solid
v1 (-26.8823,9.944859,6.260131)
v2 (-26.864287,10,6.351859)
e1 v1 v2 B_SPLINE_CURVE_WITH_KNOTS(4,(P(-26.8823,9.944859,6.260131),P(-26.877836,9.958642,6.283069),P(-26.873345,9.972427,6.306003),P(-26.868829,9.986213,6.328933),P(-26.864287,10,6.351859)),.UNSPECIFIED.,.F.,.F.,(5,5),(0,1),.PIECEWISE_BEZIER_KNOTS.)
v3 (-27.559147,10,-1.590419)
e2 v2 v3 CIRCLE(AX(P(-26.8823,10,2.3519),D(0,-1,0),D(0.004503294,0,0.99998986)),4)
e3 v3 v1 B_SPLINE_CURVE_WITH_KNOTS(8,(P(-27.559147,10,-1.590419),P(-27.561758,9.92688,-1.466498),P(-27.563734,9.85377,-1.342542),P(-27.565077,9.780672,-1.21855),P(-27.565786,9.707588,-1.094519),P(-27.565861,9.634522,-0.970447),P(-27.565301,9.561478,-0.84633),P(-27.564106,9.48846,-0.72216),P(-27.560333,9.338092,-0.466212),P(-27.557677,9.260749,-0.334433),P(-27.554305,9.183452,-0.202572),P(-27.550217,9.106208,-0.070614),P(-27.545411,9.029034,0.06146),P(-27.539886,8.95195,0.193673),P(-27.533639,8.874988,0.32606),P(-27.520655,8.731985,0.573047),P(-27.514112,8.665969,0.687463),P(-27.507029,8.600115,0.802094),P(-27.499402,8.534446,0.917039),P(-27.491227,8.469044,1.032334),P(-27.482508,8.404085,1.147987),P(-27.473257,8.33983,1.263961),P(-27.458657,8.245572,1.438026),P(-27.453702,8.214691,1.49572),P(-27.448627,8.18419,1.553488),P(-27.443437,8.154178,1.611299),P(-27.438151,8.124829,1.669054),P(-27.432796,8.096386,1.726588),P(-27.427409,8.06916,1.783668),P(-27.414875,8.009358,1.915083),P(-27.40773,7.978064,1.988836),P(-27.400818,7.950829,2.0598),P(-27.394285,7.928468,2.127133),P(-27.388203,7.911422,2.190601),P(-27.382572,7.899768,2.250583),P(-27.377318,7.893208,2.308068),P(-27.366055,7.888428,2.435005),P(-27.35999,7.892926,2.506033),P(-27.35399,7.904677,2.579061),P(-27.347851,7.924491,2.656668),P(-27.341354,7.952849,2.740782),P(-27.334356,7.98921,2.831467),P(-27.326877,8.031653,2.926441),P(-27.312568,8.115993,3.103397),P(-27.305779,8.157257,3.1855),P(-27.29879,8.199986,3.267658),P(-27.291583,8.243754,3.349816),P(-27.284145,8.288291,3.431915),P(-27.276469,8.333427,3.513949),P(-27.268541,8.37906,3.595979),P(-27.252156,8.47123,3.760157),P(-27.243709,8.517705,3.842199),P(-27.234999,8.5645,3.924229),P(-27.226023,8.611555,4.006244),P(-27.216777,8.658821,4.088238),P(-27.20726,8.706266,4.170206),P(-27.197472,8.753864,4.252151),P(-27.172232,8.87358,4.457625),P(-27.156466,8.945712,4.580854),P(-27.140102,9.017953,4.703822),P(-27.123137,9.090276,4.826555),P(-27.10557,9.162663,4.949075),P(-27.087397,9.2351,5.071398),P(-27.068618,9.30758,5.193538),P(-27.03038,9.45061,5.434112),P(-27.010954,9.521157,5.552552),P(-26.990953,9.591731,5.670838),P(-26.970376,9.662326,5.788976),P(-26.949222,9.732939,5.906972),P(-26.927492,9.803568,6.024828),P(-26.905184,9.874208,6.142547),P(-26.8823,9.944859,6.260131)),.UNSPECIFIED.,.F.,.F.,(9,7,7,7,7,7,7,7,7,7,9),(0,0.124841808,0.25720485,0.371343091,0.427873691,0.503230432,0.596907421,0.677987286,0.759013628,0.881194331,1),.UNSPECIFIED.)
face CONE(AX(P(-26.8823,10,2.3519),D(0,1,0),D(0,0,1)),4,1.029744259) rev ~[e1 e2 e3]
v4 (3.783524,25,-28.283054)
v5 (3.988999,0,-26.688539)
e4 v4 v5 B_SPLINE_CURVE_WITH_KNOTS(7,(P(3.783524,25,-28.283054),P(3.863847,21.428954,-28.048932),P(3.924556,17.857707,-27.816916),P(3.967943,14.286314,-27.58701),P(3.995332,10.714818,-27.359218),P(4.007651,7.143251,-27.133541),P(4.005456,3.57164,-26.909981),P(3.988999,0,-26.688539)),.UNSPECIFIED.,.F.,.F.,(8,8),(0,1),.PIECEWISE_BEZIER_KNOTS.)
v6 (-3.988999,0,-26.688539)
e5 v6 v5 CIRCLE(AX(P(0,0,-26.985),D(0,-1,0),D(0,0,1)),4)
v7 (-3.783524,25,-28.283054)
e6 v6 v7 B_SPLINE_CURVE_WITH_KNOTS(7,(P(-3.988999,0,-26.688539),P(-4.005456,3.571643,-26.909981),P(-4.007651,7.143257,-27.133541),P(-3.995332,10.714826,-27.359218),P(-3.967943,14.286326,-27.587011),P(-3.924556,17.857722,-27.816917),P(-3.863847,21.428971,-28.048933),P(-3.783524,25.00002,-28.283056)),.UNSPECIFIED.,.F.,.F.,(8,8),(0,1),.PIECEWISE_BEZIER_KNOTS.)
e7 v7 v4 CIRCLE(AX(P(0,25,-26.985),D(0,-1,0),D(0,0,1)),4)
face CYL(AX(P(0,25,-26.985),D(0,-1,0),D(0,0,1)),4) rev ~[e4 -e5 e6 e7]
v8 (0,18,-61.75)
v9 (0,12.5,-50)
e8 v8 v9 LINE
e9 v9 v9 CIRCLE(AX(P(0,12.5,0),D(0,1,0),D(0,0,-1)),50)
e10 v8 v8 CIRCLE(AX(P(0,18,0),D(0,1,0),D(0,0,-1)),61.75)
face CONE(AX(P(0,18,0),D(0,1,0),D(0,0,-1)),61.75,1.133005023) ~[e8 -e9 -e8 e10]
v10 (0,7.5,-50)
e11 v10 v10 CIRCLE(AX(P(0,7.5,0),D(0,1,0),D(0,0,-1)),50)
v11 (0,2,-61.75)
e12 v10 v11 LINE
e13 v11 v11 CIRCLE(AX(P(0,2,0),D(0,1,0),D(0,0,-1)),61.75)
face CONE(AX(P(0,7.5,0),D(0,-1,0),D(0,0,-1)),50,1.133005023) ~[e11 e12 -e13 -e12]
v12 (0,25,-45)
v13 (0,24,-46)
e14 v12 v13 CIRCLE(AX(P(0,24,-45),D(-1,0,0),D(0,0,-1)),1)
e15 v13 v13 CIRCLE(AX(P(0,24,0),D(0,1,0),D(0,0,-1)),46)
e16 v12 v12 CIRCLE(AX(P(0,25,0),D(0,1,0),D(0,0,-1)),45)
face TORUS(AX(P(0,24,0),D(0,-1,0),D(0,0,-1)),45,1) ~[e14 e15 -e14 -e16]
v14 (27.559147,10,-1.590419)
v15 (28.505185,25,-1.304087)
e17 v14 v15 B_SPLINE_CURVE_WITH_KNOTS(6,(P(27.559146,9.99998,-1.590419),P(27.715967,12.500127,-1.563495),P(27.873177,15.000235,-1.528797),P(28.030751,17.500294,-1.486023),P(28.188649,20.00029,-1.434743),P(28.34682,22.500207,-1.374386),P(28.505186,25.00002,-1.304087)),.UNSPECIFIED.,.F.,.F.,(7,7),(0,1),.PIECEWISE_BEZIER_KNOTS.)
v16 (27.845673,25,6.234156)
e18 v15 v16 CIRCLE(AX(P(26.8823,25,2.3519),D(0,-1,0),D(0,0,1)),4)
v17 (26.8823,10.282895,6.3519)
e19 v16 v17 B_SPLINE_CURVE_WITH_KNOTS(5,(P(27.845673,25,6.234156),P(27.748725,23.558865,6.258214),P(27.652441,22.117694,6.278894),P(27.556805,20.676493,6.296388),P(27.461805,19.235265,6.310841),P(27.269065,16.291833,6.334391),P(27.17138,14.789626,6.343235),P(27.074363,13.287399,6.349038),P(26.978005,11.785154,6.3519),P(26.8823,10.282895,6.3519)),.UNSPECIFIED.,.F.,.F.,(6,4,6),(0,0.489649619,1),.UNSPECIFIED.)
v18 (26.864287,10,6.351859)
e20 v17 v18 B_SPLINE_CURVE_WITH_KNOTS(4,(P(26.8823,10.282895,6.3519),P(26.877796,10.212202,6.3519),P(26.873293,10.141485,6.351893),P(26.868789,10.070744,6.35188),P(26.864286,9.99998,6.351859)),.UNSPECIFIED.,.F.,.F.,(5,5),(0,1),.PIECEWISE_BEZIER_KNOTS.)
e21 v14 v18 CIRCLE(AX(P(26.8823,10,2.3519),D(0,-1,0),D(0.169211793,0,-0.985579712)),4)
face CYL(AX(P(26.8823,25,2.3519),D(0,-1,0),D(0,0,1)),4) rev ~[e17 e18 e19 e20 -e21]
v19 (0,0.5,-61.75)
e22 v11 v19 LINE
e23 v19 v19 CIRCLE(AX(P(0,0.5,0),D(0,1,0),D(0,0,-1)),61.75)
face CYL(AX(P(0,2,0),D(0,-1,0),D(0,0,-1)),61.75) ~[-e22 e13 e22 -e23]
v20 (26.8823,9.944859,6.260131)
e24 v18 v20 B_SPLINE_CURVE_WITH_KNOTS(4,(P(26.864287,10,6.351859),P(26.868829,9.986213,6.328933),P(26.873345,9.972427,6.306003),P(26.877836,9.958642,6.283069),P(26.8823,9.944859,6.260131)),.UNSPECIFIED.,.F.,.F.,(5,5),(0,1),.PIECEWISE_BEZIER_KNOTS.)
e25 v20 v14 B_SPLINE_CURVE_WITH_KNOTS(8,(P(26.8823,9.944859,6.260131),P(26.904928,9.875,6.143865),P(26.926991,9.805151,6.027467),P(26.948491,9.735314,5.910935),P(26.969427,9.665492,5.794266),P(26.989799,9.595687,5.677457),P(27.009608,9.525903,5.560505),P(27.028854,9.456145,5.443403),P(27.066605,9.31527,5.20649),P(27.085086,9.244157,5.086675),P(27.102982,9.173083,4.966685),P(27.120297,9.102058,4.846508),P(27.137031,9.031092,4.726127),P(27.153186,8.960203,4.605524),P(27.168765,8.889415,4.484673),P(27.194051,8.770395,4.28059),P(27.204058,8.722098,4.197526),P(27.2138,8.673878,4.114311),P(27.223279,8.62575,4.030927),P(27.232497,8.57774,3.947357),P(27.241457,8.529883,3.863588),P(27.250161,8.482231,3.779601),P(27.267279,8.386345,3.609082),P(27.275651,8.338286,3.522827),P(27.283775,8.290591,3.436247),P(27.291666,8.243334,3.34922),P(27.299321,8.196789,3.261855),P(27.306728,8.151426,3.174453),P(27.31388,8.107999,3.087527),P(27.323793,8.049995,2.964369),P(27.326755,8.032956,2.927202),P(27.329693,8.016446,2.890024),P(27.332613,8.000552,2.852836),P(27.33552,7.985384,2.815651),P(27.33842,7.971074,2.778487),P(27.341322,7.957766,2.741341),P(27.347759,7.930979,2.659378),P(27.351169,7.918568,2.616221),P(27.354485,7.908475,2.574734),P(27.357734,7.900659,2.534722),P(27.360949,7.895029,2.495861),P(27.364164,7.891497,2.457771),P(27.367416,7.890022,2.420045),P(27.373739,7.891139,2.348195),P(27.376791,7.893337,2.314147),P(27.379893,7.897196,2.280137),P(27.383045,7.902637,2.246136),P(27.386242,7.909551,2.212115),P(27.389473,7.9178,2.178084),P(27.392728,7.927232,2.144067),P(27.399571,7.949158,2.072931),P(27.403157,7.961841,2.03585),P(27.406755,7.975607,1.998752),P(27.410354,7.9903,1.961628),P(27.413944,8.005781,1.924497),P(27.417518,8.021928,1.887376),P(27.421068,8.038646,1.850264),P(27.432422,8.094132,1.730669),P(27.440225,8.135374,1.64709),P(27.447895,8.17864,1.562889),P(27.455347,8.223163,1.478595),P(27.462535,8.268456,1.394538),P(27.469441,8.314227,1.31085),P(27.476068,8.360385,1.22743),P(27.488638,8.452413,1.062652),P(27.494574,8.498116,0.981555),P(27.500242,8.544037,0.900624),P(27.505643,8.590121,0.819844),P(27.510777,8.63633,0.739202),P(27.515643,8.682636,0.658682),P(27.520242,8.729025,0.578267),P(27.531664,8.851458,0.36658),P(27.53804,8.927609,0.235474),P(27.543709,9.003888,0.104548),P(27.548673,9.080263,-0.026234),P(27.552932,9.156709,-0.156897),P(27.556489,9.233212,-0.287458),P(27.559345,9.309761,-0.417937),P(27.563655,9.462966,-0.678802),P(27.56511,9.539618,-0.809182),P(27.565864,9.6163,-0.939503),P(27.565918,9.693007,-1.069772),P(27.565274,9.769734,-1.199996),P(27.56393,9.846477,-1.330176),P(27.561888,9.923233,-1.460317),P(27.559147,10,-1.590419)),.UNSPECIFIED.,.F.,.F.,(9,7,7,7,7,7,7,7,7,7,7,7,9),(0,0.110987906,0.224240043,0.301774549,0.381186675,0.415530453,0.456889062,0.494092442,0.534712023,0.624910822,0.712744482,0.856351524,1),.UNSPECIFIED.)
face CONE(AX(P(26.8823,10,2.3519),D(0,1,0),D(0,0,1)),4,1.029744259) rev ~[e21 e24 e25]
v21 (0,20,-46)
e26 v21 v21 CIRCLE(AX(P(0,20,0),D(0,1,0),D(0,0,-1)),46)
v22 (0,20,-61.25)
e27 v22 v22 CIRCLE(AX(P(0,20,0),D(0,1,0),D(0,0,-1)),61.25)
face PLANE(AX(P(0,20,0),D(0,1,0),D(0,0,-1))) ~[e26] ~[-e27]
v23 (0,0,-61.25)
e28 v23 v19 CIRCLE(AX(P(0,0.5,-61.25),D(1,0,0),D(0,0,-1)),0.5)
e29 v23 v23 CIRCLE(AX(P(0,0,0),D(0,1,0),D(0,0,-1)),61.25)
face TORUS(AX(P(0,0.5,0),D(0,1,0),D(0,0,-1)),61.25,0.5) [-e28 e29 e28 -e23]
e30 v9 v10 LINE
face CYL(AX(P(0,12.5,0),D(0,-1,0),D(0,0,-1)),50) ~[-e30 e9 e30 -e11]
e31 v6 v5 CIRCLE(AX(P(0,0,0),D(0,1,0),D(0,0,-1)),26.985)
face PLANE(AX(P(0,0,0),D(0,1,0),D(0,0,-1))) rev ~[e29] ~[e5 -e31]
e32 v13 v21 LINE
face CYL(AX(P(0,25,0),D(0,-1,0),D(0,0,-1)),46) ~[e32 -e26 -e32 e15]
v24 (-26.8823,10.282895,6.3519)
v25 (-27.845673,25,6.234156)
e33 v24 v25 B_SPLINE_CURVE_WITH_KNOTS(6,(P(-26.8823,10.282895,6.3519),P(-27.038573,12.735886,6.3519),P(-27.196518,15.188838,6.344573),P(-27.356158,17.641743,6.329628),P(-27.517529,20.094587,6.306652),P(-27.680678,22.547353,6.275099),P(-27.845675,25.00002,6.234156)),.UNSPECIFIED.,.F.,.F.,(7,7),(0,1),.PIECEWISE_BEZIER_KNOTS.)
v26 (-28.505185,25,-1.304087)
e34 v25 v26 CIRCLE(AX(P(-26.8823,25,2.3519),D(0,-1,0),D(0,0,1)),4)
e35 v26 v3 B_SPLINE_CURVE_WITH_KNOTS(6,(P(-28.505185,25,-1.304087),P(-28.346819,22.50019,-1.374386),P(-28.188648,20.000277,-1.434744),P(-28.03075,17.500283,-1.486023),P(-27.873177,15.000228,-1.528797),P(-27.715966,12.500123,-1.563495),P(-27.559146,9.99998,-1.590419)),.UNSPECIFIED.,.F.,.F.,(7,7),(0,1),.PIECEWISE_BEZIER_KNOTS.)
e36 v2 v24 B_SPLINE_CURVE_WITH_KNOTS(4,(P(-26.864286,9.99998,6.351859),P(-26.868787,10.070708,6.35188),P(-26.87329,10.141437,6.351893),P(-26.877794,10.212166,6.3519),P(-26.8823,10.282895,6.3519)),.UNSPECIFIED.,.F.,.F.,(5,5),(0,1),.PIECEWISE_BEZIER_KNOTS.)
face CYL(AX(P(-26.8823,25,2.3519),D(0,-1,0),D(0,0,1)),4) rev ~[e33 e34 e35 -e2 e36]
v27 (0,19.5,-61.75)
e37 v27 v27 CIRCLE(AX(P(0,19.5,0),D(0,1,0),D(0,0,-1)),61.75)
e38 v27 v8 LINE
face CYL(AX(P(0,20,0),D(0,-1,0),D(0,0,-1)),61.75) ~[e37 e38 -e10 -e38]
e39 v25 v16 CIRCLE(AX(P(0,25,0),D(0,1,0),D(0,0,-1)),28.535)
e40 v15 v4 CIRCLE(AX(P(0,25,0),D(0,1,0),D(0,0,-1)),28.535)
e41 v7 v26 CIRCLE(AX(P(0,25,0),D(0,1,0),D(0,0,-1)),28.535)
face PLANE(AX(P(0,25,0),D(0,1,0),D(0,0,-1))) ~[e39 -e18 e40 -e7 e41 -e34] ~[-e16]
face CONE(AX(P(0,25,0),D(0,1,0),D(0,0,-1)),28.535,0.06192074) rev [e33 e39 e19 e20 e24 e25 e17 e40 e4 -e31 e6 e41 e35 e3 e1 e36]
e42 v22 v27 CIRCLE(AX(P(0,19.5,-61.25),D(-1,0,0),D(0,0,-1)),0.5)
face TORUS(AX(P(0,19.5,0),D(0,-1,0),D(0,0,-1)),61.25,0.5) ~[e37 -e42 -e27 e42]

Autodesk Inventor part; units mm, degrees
ref_plane "YZ Plane" through (0, 0, 0) normal (1, 0, 0) x (0, 1, 0)
ref_plane "XZ Plane" through (0, 0, 0) normal (0, 1, 0) x (-1, 0, 0)
ref_plane "XY Plane" through (0, 0, 0) normal (0, 0, 1) x (1, 0, 0)
sketch "Sketch1" plane through (0, 0, 0) normal (1, 0, 0) x (0, 1, 0)
  line L0 (25, -28.535) -> (25, -46)
  line L1 (25, -46) -> (20, -46)
  line L2 (20, -46) -> (20, -61.75)
  line L3 (20, -61.75) -> (18, -61.75)
  line L4 (18, -61.75) -> (12.5, -50)
  line L5 (12.5, -50) -> (7.5, -50)
  line L6 (2, -61.75) -> (0, -61.75)
  line L7 (7.5, -50) -> (2, -61.75)
  line L8 (-5, 0) -> (30, 0) projected
  line L9 (0, -61.75) -> (0, -26.985)
  line L10 (25, -28.535) -> (0, -26.985)
  point P0 (0, 0)
  point P1 (10, -50)
  dimension "d4" = 5
  dimension "d5" = 2
  dimension "d24" = 28.535
  dimension "d26" = 5
  dimension "d27" = 17.465
  dimension "d29" = 26.985
  dimension "d30" = 61.75
  dimension "d31" = 25
  dimension "d32" = 50
revolve "Revolution1" add sketch "Sketch1" angle 360 about axis through (0, -10, 0) along (0, 1, 0)
fillet "Fillet1" radius 1 1 edges at (0, 25, 46)
fillet "Fillet2" radius 0.5 2 edges at (0, 20, 61.75) (0, 0, 61.75)
sketch "Sketch5" plane through (0, 25, 0) normal (0, 1, 0) x (1, 0, 0)
  circle A0 centre (0, 0) radius 26.985 projected
  line L0 (0, 0) -> (0, 26.985) construction
hole "Hole1" at (0, 25, -26.985) direction (0, -1, 0) diameter 8 end through all
sketch "Sketch6" plane through (0, 25, 0) normal (0, 1, 0) x (1, 0, 0)
  line L0 (0, 0) -> (26.8823, -2.3519) construction
  arc A0 (-3.989, 26.6885) -> (3.989, 26.6885) centre (0, 0) ccw projected
  line L1 (0, 0) -> (0, -26.985) construction
  line L2 (0, 0) -> (-26.8823, -2.3519) construction
  dimension "d40" = 85
  dimension "d41" = 85
hole "Hole2" at (26.8823, 25, 2.3519) at (-26.8823, 25, 2.3519) direction (0, -1, 0) diameter 8 depth 15 tip angle 118
equation "\"d41\" = d40"
properties part number "Шкив 118 мм"
